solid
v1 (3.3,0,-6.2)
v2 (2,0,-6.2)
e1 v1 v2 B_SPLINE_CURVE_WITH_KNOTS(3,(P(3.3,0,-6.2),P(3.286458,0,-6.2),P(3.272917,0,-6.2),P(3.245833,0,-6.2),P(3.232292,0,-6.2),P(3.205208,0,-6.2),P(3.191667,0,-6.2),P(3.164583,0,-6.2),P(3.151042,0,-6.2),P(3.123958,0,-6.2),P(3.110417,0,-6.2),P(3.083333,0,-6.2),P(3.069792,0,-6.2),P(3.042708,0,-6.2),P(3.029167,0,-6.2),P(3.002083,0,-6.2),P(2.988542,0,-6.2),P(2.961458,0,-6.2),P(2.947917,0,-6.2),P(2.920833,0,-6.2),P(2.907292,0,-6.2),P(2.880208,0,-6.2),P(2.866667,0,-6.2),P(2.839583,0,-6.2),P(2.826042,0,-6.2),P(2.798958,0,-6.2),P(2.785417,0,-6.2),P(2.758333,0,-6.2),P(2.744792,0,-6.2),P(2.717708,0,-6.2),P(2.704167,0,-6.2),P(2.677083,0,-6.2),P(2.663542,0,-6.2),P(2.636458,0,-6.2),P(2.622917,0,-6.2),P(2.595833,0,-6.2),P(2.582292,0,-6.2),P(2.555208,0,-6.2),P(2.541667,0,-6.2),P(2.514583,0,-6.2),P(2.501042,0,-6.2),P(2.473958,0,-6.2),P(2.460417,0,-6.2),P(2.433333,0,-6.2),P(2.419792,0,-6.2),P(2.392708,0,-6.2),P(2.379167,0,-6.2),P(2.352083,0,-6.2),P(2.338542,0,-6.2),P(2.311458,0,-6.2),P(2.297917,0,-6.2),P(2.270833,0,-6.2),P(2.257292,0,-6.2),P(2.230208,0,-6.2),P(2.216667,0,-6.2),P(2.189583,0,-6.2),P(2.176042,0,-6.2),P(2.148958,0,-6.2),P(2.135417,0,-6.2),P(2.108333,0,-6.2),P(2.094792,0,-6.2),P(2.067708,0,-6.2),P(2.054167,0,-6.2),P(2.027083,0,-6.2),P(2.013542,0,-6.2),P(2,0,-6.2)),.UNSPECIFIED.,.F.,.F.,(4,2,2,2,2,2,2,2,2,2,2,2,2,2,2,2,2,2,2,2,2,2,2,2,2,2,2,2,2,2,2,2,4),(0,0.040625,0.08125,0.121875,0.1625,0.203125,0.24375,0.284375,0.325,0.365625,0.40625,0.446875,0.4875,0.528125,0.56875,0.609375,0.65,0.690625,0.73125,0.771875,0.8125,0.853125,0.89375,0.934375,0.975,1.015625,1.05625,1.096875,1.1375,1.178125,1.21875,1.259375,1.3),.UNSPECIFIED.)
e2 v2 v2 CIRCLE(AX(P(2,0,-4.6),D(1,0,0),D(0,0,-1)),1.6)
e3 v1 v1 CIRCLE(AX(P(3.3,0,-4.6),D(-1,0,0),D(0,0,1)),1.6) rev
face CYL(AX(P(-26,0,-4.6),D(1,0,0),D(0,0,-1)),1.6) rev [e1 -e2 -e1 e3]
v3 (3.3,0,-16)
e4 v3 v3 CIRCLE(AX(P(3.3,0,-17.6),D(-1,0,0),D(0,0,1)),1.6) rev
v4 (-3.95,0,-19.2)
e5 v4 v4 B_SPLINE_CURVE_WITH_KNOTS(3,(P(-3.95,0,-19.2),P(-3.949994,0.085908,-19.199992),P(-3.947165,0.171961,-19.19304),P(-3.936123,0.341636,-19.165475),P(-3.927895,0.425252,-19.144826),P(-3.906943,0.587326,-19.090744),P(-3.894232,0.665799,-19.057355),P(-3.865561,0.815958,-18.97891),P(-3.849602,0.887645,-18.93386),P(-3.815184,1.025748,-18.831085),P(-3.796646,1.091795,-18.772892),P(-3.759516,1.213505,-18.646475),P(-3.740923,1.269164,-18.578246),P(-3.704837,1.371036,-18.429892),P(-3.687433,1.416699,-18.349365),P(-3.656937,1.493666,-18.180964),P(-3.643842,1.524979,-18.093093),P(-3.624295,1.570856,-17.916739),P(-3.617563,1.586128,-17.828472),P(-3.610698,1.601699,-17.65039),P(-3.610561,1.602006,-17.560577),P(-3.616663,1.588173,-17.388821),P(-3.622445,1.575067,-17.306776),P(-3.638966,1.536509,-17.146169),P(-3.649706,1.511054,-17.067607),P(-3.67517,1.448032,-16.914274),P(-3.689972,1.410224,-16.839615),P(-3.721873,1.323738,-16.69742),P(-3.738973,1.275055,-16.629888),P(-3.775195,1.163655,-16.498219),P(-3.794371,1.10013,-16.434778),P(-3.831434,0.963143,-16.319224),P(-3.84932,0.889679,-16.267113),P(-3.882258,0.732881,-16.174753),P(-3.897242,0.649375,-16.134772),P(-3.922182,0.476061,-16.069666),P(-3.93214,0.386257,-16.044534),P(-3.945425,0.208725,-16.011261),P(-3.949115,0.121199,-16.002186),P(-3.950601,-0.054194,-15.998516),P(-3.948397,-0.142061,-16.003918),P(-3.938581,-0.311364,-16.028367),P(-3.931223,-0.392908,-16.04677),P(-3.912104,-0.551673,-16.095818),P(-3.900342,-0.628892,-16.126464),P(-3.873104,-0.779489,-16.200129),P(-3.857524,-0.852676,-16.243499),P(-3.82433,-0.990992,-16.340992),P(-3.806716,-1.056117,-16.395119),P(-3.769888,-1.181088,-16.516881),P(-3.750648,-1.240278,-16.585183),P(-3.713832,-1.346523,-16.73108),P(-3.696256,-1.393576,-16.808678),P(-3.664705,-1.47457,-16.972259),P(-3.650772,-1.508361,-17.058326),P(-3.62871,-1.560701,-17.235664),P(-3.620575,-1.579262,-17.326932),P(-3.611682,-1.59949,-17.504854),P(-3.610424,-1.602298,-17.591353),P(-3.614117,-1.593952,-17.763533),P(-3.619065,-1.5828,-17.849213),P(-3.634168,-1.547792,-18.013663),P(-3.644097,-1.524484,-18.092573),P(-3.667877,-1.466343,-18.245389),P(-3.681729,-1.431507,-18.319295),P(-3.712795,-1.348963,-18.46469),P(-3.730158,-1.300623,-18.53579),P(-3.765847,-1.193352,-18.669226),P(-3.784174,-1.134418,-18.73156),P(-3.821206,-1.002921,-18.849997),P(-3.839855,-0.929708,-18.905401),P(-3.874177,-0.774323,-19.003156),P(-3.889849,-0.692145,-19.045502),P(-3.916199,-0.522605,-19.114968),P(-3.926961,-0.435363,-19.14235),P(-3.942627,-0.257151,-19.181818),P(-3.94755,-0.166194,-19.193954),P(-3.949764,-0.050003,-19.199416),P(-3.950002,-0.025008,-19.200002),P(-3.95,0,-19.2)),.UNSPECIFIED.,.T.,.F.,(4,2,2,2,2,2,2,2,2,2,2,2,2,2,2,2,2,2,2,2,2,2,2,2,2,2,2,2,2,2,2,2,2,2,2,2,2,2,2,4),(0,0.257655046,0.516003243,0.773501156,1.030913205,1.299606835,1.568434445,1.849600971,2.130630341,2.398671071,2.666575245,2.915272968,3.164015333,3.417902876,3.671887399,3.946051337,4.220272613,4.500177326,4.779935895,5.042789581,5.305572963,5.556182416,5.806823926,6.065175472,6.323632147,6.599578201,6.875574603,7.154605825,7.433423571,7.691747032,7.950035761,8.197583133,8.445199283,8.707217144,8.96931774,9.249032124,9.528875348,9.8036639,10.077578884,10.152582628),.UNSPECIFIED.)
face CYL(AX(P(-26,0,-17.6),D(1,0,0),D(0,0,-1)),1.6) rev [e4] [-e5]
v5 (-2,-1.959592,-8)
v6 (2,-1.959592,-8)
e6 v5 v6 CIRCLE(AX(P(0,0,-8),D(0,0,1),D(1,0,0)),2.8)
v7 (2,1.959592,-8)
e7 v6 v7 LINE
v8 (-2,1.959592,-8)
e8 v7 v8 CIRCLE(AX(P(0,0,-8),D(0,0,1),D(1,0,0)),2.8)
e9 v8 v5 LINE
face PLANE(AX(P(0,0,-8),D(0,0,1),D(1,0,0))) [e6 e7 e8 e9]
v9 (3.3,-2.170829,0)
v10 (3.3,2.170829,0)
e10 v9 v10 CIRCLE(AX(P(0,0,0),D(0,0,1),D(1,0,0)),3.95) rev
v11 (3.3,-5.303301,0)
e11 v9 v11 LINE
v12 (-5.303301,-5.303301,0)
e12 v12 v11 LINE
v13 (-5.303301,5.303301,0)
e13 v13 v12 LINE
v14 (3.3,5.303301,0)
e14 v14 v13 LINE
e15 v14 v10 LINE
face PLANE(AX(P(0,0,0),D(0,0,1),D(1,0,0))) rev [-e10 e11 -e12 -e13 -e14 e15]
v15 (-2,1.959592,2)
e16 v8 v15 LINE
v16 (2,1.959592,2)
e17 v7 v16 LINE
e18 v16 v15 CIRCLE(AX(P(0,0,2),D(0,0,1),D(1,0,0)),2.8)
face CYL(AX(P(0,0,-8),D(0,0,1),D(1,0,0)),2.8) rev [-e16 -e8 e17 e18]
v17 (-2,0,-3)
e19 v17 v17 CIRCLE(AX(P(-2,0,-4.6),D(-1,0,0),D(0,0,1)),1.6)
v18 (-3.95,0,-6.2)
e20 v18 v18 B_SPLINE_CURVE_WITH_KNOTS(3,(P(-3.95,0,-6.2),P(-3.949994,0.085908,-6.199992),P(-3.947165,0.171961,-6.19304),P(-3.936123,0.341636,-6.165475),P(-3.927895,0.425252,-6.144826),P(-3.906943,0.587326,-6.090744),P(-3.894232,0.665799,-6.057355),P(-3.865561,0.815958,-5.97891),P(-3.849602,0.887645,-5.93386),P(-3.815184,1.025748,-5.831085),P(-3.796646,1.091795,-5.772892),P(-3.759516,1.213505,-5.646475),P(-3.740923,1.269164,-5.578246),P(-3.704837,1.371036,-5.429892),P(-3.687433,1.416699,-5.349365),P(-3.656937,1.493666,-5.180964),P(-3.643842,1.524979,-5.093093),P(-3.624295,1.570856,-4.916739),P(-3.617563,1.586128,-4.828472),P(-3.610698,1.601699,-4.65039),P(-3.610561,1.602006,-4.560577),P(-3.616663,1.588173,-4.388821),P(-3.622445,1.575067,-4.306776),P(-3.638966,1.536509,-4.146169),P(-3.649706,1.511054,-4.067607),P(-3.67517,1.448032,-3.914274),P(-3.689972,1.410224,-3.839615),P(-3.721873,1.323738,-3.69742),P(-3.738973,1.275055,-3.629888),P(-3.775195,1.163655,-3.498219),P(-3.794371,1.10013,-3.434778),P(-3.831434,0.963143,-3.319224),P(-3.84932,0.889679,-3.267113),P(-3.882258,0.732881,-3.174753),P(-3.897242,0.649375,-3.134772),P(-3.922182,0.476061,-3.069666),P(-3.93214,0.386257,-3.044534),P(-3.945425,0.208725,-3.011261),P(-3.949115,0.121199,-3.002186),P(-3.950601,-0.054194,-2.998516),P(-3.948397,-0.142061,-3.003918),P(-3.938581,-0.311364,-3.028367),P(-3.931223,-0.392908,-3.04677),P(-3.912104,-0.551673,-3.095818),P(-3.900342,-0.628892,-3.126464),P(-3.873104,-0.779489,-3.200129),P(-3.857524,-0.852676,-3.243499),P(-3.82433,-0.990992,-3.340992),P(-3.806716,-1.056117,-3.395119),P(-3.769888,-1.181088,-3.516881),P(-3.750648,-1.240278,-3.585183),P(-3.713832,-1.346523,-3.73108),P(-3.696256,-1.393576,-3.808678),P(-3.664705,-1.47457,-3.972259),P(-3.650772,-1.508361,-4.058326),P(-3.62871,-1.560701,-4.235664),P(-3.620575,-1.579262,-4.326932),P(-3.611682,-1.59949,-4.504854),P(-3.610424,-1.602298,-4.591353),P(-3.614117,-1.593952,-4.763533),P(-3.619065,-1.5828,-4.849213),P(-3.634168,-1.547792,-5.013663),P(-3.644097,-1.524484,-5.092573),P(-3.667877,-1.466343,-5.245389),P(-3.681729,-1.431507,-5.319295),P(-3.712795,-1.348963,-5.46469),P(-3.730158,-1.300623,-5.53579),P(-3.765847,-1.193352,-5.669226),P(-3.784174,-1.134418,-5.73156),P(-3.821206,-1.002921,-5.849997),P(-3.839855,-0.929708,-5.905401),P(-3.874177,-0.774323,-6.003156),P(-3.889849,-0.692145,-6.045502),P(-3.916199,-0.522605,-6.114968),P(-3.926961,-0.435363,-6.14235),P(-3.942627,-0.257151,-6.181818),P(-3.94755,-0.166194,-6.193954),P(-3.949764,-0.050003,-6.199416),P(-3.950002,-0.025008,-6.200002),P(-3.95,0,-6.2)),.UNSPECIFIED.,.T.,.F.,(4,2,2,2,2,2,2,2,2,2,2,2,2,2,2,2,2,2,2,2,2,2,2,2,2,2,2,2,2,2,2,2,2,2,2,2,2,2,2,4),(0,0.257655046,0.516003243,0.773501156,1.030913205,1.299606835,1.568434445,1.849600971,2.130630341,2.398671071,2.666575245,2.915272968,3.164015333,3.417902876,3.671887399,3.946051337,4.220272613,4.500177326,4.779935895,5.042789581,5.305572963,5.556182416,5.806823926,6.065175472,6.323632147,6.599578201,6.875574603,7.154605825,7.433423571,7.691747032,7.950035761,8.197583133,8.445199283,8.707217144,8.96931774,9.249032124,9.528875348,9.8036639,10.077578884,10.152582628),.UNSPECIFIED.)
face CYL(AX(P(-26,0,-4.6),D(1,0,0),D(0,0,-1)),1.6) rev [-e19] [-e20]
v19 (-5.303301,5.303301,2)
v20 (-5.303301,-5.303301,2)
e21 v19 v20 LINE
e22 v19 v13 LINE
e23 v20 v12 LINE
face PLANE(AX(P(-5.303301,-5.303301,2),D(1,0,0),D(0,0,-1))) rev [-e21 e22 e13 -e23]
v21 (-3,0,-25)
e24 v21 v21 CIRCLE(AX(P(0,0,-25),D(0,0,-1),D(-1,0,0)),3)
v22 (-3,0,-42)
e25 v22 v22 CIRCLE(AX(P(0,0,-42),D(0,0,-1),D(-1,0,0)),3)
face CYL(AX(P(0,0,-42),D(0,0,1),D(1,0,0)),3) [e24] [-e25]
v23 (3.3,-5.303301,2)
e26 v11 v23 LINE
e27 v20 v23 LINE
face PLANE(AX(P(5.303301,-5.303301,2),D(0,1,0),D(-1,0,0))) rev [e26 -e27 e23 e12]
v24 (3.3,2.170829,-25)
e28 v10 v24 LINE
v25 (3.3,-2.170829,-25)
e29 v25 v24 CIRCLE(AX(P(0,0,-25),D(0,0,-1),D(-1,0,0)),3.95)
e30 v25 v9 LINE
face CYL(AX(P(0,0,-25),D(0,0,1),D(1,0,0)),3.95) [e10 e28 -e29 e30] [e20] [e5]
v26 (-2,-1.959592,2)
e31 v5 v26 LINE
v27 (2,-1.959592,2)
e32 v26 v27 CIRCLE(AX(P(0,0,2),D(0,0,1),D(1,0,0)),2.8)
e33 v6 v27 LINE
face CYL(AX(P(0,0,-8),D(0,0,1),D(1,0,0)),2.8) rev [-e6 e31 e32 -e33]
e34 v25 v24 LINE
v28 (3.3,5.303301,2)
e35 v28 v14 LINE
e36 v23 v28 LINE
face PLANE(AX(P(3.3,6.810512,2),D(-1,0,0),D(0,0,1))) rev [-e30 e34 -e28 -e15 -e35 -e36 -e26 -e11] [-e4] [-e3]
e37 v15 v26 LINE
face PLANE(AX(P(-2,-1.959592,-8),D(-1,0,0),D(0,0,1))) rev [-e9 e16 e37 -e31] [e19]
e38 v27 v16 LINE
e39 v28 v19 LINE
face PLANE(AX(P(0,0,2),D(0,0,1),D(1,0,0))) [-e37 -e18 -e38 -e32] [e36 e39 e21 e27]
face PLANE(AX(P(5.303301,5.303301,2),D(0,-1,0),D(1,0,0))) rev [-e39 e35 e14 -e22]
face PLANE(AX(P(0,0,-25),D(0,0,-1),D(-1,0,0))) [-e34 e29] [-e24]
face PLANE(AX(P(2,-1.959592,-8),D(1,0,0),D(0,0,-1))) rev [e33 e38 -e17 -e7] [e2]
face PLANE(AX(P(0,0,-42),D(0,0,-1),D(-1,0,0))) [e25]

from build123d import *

# Parameters (mm, degrees)
IZIM1_W                     = 10.606601718
IZIM1_H                     = 10.606601718
Y_KSEKLIK_EKSTR_ZYON1_DEPTH = 2
IZIM2_R                     = 3.95
Y_KSEKLIK_EKSTR_ZYON2_DEPTH = 25
KES_EKSTR_ZYON1_DEPTH       = 10
IZIM5_R                     = 1.6
KES_EKSTR_ZYON3_DEPTH       = 26
IZIM8_W                     = 5
IZIM8_H                     = 13.621024602
KES_EKSTR_ZYON4_DEPTH       = 29.022312538
SKETCH2_R                   = 3
BOSS_EXTRUDE1_DEPTH         = 17


with BuildPart() as part:
    # Çizim1 → Yükseklik-Ekstrüzyon1 (new body)
    with BuildSketch(Plane.XY):
        Rectangle(IZIM1_W, IZIM1_H)
    extrude(amount=Y_KSEKLIK_EKSTR_ZYON1_DEPTH)

    # Çizim2 → Yükseklik-Ekstrüzyon2 (add)
    with BuildSketch(Plane(origin=(0, 0, 0), x_dir=(-1, 0, 0), z_dir=(0, 0, -1))):
        with Locations(Location((0, 0, 0), (0, 0, 180))):
            Circle(IZIM2_R)
    extrude(amount=Y_KSEKLIK_EKSTR_ZYON2_DEPTH)

    # Çizim3 → Kes-Ekstrüzyon1 (cut)
    with BuildSketch(Plane.XY.offset(2)):
        with BuildLine():
            Line((-2, -1.959591794), (-2, 1.959591794))
            ThreePointArc((-2, 1.959591794), (0, 2.8), (2, 1.959591794))
            Line((2, 1.959591794), (2, -1.959591794))
            ThreePointArc((2, -1.959591794), (0, -2.8), (-2, -1.959591794))
        make_face()
    extrude(amount=-KES_EKSTR_ZYON1_DEPTH, mode=Mode.SUBTRACT)

    # Çizim5 → Kes-Ekstrüzyon3 (cut, symmetric)
    with BuildSketch(Plane(origin=(0, 0, 0), x_dir=(0, 0, -1), z_dir=(1, 0, 0))):
        with Locations((4.6, 0)):
            Circle(IZIM5_R)
        with Locations((17.6, 0)):
            Circle(IZIM5_R)
    extrude(amount=KES_EKSTR_ZYON3_DEPTH, both=True, mode=Mode.SUBTRACT)

    # Çizim8 → Kes-Ekstrüzyon4 (cut, through all)
    with BuildSketch(Plane(origin=(0, 0, -25), x_dir=(-1, 0, 0), z_dir=(0, 0, -1))):
        with Locations((-5.8, 0)):
            Rectangle(IZIM8_W, IZIM8_H)
    extrude(amount=-KES_EKSTR_ZYON4_DEPTH, mode=Mode.SUBTRACT)

    # Sketch2 → Boss-Extrude1 (add)
    with BuildSketch(Plane(origin=(0, 0, -25), x_dir=(-1, 0, 0), z_dir=(0, 0, -1))):
        Circle(SKETCH2_R)
    extrude(amount=BOSS_EXTRUDE1_DEPTH)


solid = part.part
